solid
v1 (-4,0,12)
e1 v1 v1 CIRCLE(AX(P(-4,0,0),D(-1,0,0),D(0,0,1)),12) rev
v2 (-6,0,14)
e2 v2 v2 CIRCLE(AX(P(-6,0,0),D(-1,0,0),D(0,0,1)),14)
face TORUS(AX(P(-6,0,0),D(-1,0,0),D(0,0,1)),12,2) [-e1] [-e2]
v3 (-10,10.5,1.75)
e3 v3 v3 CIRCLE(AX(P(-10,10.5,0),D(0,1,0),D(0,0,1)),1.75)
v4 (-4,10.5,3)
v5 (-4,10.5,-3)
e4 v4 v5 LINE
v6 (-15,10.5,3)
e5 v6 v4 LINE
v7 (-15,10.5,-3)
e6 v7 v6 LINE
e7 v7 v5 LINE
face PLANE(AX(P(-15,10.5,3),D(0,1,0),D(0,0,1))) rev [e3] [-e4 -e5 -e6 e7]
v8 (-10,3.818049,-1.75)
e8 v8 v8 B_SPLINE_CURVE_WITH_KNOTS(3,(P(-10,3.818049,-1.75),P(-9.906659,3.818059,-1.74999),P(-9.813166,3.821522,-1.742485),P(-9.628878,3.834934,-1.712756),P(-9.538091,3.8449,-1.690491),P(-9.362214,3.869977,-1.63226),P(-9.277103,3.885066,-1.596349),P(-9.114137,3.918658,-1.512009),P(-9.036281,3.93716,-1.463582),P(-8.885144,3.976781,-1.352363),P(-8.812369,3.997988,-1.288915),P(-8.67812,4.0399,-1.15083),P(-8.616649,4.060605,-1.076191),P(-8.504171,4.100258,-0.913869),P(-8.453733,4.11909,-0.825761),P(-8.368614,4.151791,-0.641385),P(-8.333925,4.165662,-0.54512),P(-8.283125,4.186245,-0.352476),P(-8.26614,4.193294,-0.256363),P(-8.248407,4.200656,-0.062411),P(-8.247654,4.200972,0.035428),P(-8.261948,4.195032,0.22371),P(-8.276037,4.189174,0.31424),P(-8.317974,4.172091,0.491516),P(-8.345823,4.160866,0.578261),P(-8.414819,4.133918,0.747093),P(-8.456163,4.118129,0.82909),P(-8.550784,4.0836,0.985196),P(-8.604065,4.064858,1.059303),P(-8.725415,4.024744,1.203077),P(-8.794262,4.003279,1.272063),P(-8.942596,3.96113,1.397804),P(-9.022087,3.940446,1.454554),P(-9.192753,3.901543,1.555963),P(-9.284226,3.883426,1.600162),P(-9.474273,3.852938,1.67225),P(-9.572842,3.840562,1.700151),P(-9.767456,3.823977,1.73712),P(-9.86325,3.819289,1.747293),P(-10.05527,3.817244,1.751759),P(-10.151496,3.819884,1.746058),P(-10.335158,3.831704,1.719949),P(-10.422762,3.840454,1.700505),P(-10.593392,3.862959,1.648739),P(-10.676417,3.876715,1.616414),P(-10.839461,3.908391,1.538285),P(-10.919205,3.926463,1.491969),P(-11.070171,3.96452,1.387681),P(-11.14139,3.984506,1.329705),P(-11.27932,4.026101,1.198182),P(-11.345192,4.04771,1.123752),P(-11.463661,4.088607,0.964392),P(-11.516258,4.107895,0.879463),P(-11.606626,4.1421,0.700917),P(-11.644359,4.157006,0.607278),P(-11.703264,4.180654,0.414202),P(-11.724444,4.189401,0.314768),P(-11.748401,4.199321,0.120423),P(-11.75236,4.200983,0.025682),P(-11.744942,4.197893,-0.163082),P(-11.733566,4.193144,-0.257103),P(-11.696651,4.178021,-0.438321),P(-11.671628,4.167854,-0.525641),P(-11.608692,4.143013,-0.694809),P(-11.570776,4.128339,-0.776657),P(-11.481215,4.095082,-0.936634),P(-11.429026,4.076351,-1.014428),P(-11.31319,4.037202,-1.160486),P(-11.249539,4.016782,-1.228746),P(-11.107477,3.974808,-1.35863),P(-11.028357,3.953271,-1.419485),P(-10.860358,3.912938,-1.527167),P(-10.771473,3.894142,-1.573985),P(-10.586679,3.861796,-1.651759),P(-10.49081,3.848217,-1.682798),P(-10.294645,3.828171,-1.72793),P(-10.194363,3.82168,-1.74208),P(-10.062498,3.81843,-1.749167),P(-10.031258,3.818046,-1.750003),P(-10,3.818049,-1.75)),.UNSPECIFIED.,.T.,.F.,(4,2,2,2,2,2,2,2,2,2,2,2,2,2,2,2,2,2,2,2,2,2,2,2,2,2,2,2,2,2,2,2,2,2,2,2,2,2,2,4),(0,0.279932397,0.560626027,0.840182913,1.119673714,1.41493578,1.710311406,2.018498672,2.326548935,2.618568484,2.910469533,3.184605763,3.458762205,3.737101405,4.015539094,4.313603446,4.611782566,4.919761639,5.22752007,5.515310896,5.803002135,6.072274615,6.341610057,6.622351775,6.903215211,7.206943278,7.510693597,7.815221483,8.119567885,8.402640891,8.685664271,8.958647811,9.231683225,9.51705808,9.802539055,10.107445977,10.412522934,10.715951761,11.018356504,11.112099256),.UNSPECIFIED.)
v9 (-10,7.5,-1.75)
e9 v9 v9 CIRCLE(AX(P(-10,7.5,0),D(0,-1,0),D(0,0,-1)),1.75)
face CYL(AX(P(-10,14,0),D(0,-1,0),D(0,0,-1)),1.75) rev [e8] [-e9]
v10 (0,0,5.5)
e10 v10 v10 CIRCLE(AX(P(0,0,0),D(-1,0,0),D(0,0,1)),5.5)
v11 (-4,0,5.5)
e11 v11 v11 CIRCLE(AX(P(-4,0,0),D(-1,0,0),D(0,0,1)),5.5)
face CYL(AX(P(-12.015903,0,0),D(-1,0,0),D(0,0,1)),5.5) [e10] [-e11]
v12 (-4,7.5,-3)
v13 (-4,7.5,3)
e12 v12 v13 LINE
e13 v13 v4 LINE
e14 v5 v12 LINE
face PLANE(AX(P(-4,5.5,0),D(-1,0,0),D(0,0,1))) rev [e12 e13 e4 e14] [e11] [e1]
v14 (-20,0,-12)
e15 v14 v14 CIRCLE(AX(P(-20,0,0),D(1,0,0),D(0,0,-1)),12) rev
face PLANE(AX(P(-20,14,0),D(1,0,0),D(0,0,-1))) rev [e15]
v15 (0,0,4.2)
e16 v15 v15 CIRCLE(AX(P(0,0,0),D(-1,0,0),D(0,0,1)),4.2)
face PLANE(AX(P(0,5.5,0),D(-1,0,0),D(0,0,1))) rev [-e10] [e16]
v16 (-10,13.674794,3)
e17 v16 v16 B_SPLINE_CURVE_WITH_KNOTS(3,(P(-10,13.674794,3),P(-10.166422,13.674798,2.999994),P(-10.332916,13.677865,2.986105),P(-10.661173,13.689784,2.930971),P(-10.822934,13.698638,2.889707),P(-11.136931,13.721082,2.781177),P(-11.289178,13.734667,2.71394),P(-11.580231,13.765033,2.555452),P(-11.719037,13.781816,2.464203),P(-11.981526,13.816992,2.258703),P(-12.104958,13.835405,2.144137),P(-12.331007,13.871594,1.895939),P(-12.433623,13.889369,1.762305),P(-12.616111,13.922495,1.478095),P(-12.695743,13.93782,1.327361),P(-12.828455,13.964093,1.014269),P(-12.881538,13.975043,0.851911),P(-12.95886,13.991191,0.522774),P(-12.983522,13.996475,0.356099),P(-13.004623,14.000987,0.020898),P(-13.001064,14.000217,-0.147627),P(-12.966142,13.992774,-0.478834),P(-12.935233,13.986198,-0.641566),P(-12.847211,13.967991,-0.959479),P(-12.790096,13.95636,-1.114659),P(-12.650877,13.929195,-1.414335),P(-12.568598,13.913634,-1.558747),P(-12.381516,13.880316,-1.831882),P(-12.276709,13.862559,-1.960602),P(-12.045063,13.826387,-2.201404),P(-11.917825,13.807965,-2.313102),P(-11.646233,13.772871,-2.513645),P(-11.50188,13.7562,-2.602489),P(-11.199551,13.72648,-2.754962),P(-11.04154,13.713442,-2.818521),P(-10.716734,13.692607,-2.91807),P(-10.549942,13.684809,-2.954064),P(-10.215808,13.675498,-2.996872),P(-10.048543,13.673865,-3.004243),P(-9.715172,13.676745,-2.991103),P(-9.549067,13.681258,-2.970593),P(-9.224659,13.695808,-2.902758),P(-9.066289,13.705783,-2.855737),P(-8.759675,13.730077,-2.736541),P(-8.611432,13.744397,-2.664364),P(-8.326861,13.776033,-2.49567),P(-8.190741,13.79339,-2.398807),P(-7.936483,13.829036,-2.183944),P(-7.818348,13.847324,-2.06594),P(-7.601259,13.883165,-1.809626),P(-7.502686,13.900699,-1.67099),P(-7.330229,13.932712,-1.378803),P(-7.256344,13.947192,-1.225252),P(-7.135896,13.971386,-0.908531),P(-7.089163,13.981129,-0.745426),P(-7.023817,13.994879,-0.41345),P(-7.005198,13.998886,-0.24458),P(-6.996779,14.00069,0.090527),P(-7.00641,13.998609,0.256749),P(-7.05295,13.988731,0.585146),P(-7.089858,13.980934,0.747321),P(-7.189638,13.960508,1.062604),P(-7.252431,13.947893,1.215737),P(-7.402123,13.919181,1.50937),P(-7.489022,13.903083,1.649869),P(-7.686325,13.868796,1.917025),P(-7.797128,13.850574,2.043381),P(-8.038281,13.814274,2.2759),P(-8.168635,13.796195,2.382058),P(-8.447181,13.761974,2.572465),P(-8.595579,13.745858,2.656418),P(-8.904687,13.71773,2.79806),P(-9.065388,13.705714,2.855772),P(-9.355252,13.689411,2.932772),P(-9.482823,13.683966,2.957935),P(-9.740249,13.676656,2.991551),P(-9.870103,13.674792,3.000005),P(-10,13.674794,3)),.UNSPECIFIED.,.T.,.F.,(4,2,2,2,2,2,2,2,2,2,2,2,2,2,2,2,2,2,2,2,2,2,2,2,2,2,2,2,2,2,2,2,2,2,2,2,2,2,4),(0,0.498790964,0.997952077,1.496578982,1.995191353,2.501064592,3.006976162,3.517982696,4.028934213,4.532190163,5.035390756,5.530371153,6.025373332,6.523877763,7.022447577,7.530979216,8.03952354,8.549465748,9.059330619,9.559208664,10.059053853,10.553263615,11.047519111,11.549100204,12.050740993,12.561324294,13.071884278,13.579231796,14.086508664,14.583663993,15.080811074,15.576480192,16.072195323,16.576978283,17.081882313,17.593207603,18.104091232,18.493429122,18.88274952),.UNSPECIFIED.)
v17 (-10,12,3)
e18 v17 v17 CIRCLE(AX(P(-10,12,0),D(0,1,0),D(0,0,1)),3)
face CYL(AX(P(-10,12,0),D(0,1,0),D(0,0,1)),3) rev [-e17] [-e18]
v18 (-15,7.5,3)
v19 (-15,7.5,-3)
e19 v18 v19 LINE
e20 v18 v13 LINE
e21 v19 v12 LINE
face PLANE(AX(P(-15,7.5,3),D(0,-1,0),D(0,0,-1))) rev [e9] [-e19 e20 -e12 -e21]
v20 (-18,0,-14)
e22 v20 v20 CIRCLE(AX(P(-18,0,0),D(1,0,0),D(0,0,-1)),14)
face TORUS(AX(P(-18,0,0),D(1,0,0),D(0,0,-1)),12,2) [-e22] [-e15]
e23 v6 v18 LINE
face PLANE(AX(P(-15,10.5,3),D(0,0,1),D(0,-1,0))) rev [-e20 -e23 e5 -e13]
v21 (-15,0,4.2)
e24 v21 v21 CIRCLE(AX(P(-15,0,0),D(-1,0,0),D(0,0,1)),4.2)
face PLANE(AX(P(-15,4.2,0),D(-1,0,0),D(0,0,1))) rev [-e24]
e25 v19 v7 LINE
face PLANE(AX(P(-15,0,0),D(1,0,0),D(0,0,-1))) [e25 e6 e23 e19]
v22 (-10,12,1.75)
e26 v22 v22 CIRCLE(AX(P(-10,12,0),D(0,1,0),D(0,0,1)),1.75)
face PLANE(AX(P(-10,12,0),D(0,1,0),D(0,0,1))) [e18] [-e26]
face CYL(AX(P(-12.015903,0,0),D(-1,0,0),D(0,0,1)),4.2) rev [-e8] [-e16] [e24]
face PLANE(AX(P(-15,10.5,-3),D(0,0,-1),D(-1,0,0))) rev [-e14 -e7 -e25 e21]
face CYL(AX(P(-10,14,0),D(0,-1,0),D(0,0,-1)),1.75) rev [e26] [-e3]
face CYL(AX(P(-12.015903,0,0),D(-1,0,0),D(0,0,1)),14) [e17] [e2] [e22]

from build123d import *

# Parameters (mm, degrees)
SKETCH_2_R          = 1.75
CUT_EXTRUDE_5_DEPTH = 29.142494559
CUT_EXTRUDE_START   = 14
SKETCH_2_4_R        = 3
CUT_EXTRUDE_6_DEPTH = 2
SKETCH_4_W          = 6
SKETCH_4_H          = 3
CUT_EXTRUDE_7_DEPTH = 15
FILLET_1_R          = 2


with BuildPart() as part:
    # 草图1 → 旋转1 (revolve)
    with BuildSketch(Plane.XY):
        Polygon((-15, 4.2), (0, 4.2), (0, 5.5), (-4, 5.5), (-4, 14), (-20, 14), (-20, 0), (-15, 0), align=None)
    revolve(axis=Axis((-12.015902685, 0, 0), (1, 0, 0)))

    # 草图2 → 切除-拉伸5 (cut, through all)
    with BuildSketch(Plane(origin=(0, 0, 0), x_dir=(1, 0, 0), z_dir=(0, 1, 0))):
        with Locations((-10, 0)):
            Circle(SKETCH_2_R)
    extrude(amount=CUT_EXTRUDE_5_DEPTH, mode=Mode.SUBTRACT)

    # 草图2<4> → 切除-拉伸6 (cut)
    with BuildSketch(Plane(origin=(0, 0, 0), x_dir=(1, 0, 0), z_dir=(0, 1, 0)).offset(CUT_EXTRUDE_START)):
        with Locations((-10, 0)):
            Circle(SKETCH_2_4_R)
    extrude(amount=-CUT_EXTRUDE_6_DEPTH, mode=Mode.SUBTRACT)

    # 草图4 → 切除-拉伸7 (cut)
    with BuildSketch(Plane(origin=(0, 0, 0), x_dir=(0, 0, -1), z_dir=(1, 0, 0))):
        with Locations((0, 9)):
            Rectangle(SKETCH_4_W, SKETCH_4_H)
    extrude(amount=-CUT_EXTRUDE_7_DEPTH, mode=Mode.SUBTRACT)

    # 圆角1
    fillet_1_edges = [part.edges().sort_by_distance(p)[0] for p in [
        (-20, -14, 0),
        (-4, -14, 0),
    ]]
    fillet(fillet_1_edges, radius=FILLET_1_R)


solid = part.part
